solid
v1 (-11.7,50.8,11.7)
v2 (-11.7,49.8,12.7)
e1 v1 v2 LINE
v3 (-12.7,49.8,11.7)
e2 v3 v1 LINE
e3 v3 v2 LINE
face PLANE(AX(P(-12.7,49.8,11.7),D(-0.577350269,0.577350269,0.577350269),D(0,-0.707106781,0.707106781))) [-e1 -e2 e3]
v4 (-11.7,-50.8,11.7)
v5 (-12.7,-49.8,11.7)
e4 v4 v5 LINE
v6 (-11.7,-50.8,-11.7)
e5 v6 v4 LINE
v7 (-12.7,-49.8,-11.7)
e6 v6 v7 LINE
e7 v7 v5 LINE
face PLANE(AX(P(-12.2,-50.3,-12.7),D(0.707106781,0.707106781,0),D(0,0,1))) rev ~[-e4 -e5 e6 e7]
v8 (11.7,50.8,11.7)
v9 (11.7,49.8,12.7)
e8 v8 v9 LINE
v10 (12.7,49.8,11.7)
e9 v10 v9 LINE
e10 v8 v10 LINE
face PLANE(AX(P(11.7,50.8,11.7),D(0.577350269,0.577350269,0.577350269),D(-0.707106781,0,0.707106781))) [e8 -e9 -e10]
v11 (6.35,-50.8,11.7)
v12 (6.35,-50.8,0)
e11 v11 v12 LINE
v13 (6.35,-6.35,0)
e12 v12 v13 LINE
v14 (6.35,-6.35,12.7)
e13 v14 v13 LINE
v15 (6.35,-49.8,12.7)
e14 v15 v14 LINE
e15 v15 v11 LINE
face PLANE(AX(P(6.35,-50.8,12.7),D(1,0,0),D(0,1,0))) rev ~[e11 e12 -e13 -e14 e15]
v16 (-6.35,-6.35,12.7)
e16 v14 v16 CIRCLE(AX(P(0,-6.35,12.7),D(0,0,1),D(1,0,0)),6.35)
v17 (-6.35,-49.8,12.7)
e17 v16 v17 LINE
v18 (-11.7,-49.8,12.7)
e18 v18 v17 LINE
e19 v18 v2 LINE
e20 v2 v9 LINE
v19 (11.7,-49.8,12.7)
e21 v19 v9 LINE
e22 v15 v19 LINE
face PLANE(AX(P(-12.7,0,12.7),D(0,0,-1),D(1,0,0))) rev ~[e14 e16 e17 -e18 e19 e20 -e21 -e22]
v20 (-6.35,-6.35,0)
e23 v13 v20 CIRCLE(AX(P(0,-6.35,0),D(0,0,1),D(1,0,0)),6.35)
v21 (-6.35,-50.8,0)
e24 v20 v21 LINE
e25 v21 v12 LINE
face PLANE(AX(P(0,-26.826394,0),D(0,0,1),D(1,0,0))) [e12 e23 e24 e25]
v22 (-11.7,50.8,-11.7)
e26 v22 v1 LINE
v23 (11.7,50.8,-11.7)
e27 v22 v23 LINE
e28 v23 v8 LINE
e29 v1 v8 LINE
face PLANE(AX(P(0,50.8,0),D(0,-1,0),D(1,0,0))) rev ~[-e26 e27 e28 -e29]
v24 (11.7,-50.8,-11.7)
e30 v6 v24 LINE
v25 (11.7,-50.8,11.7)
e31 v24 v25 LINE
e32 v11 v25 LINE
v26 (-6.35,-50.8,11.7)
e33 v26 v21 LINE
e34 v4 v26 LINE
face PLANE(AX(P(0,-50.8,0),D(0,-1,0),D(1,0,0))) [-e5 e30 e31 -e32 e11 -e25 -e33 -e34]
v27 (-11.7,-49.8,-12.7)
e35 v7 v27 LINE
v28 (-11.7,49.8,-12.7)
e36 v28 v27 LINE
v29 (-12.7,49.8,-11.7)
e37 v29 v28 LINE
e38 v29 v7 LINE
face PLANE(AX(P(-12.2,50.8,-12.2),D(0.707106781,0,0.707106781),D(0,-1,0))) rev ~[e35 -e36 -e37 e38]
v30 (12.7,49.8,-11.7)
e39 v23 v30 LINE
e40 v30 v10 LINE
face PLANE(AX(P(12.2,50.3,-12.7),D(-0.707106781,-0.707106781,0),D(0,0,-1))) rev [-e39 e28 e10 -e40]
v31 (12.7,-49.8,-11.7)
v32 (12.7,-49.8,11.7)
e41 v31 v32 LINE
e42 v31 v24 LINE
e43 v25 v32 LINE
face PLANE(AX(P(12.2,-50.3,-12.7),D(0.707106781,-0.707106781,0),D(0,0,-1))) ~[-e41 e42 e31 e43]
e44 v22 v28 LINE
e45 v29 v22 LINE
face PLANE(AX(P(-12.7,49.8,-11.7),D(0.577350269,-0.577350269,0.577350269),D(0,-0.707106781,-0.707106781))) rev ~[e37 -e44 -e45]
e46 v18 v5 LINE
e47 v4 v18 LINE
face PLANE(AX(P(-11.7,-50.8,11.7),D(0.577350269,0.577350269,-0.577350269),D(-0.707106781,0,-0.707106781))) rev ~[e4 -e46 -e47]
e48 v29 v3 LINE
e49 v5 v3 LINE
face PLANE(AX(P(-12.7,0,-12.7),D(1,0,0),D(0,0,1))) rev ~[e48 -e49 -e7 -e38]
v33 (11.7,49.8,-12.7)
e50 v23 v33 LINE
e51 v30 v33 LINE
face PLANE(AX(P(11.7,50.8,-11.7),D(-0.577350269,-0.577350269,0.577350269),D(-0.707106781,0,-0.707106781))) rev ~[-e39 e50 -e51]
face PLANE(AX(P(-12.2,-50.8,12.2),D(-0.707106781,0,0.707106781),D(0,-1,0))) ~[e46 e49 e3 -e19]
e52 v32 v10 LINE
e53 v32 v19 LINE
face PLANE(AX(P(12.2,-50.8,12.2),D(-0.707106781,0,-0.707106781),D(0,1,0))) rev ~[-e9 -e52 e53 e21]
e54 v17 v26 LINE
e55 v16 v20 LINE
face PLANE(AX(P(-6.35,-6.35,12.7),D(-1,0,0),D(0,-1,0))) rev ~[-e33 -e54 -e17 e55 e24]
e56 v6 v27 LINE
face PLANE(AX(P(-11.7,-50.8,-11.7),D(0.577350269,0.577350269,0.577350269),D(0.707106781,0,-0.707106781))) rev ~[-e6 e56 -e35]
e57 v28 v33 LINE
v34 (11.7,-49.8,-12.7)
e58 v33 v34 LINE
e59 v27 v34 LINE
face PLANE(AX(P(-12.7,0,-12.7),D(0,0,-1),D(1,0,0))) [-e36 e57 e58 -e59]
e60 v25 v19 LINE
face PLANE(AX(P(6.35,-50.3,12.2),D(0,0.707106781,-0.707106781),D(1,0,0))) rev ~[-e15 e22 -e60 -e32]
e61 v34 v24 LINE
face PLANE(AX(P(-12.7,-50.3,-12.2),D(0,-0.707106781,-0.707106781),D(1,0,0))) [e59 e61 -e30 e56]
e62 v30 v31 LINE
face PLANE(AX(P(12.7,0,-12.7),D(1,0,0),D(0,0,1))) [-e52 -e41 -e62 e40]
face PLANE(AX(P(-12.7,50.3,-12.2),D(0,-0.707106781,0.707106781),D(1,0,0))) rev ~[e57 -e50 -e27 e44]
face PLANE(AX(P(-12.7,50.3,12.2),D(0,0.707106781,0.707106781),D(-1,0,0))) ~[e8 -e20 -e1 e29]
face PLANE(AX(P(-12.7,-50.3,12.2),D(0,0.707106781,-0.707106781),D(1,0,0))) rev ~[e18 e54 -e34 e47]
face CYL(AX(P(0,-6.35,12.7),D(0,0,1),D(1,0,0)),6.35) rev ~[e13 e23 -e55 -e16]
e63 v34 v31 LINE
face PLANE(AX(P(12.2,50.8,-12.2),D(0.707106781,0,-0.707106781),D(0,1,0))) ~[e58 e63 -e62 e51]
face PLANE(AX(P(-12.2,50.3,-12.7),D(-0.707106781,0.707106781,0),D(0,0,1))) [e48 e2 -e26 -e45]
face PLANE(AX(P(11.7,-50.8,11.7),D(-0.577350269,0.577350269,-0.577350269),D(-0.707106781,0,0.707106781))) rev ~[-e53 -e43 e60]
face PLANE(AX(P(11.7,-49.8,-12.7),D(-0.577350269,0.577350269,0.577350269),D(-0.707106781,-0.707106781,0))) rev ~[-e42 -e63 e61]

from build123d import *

# Parameters (mm, degrees)
F0_W     = 25.4
F0_H     = 25.4
F1_DEPTH = 50.8
F3_DEPTH = 12.7
F4_SIZE  = 1


with BuildPart() as f1:
    # F0 (on Front) → F1 (new body, symmetric)
    with BuildSketch(Plane.XZ):
        Rectangle(F0_W, F0_H)
    extrude(amount=F1_DEPTH, both=True)

    # F2 (on face) → F3 (cut)
    with BuildSketch(Plane.XY.offset(12.7)):
        with BuildLine():
            Line((-6.35, -6.35), (-6.35, -50.8))
            Line((-6.35, -50.8), (6.35, -50.8))
            Line((6.35, -50.8), (6.35, -6.35))
            ThreePointArc((6.35, -6.35), (0, 0), (-6.35, -6.35))
        make_face()
    extrude(amount=-F3_DEPTH, mode=Mode.SUBTRACT)

    # F4
    f4_edges = [f1.edges().sort_by_distance(p)[0] for p in [
        (12.7, 0, 12.7),
        (12.7, -50.8, 0),
        (12.7, 0, -12.7),
        (12.7, 50.8, 0),
        (0, 50.8, -12.7),
        (0, 50.8, 12.7),
        (-12.7, 50.8, 0),
        (-12.7, 0, 12.7),
        (-9.525, -50.8, 12.7),
        (9.525, -50.8, 12.7),
        (-12.7, 0, -12.7),
        (-12.7, -50.8, 0),
        (0, -50.8, -12.7),
    ]]
    chamfer(f4_edges, length=F4_SIZE)


solid = f1.part
